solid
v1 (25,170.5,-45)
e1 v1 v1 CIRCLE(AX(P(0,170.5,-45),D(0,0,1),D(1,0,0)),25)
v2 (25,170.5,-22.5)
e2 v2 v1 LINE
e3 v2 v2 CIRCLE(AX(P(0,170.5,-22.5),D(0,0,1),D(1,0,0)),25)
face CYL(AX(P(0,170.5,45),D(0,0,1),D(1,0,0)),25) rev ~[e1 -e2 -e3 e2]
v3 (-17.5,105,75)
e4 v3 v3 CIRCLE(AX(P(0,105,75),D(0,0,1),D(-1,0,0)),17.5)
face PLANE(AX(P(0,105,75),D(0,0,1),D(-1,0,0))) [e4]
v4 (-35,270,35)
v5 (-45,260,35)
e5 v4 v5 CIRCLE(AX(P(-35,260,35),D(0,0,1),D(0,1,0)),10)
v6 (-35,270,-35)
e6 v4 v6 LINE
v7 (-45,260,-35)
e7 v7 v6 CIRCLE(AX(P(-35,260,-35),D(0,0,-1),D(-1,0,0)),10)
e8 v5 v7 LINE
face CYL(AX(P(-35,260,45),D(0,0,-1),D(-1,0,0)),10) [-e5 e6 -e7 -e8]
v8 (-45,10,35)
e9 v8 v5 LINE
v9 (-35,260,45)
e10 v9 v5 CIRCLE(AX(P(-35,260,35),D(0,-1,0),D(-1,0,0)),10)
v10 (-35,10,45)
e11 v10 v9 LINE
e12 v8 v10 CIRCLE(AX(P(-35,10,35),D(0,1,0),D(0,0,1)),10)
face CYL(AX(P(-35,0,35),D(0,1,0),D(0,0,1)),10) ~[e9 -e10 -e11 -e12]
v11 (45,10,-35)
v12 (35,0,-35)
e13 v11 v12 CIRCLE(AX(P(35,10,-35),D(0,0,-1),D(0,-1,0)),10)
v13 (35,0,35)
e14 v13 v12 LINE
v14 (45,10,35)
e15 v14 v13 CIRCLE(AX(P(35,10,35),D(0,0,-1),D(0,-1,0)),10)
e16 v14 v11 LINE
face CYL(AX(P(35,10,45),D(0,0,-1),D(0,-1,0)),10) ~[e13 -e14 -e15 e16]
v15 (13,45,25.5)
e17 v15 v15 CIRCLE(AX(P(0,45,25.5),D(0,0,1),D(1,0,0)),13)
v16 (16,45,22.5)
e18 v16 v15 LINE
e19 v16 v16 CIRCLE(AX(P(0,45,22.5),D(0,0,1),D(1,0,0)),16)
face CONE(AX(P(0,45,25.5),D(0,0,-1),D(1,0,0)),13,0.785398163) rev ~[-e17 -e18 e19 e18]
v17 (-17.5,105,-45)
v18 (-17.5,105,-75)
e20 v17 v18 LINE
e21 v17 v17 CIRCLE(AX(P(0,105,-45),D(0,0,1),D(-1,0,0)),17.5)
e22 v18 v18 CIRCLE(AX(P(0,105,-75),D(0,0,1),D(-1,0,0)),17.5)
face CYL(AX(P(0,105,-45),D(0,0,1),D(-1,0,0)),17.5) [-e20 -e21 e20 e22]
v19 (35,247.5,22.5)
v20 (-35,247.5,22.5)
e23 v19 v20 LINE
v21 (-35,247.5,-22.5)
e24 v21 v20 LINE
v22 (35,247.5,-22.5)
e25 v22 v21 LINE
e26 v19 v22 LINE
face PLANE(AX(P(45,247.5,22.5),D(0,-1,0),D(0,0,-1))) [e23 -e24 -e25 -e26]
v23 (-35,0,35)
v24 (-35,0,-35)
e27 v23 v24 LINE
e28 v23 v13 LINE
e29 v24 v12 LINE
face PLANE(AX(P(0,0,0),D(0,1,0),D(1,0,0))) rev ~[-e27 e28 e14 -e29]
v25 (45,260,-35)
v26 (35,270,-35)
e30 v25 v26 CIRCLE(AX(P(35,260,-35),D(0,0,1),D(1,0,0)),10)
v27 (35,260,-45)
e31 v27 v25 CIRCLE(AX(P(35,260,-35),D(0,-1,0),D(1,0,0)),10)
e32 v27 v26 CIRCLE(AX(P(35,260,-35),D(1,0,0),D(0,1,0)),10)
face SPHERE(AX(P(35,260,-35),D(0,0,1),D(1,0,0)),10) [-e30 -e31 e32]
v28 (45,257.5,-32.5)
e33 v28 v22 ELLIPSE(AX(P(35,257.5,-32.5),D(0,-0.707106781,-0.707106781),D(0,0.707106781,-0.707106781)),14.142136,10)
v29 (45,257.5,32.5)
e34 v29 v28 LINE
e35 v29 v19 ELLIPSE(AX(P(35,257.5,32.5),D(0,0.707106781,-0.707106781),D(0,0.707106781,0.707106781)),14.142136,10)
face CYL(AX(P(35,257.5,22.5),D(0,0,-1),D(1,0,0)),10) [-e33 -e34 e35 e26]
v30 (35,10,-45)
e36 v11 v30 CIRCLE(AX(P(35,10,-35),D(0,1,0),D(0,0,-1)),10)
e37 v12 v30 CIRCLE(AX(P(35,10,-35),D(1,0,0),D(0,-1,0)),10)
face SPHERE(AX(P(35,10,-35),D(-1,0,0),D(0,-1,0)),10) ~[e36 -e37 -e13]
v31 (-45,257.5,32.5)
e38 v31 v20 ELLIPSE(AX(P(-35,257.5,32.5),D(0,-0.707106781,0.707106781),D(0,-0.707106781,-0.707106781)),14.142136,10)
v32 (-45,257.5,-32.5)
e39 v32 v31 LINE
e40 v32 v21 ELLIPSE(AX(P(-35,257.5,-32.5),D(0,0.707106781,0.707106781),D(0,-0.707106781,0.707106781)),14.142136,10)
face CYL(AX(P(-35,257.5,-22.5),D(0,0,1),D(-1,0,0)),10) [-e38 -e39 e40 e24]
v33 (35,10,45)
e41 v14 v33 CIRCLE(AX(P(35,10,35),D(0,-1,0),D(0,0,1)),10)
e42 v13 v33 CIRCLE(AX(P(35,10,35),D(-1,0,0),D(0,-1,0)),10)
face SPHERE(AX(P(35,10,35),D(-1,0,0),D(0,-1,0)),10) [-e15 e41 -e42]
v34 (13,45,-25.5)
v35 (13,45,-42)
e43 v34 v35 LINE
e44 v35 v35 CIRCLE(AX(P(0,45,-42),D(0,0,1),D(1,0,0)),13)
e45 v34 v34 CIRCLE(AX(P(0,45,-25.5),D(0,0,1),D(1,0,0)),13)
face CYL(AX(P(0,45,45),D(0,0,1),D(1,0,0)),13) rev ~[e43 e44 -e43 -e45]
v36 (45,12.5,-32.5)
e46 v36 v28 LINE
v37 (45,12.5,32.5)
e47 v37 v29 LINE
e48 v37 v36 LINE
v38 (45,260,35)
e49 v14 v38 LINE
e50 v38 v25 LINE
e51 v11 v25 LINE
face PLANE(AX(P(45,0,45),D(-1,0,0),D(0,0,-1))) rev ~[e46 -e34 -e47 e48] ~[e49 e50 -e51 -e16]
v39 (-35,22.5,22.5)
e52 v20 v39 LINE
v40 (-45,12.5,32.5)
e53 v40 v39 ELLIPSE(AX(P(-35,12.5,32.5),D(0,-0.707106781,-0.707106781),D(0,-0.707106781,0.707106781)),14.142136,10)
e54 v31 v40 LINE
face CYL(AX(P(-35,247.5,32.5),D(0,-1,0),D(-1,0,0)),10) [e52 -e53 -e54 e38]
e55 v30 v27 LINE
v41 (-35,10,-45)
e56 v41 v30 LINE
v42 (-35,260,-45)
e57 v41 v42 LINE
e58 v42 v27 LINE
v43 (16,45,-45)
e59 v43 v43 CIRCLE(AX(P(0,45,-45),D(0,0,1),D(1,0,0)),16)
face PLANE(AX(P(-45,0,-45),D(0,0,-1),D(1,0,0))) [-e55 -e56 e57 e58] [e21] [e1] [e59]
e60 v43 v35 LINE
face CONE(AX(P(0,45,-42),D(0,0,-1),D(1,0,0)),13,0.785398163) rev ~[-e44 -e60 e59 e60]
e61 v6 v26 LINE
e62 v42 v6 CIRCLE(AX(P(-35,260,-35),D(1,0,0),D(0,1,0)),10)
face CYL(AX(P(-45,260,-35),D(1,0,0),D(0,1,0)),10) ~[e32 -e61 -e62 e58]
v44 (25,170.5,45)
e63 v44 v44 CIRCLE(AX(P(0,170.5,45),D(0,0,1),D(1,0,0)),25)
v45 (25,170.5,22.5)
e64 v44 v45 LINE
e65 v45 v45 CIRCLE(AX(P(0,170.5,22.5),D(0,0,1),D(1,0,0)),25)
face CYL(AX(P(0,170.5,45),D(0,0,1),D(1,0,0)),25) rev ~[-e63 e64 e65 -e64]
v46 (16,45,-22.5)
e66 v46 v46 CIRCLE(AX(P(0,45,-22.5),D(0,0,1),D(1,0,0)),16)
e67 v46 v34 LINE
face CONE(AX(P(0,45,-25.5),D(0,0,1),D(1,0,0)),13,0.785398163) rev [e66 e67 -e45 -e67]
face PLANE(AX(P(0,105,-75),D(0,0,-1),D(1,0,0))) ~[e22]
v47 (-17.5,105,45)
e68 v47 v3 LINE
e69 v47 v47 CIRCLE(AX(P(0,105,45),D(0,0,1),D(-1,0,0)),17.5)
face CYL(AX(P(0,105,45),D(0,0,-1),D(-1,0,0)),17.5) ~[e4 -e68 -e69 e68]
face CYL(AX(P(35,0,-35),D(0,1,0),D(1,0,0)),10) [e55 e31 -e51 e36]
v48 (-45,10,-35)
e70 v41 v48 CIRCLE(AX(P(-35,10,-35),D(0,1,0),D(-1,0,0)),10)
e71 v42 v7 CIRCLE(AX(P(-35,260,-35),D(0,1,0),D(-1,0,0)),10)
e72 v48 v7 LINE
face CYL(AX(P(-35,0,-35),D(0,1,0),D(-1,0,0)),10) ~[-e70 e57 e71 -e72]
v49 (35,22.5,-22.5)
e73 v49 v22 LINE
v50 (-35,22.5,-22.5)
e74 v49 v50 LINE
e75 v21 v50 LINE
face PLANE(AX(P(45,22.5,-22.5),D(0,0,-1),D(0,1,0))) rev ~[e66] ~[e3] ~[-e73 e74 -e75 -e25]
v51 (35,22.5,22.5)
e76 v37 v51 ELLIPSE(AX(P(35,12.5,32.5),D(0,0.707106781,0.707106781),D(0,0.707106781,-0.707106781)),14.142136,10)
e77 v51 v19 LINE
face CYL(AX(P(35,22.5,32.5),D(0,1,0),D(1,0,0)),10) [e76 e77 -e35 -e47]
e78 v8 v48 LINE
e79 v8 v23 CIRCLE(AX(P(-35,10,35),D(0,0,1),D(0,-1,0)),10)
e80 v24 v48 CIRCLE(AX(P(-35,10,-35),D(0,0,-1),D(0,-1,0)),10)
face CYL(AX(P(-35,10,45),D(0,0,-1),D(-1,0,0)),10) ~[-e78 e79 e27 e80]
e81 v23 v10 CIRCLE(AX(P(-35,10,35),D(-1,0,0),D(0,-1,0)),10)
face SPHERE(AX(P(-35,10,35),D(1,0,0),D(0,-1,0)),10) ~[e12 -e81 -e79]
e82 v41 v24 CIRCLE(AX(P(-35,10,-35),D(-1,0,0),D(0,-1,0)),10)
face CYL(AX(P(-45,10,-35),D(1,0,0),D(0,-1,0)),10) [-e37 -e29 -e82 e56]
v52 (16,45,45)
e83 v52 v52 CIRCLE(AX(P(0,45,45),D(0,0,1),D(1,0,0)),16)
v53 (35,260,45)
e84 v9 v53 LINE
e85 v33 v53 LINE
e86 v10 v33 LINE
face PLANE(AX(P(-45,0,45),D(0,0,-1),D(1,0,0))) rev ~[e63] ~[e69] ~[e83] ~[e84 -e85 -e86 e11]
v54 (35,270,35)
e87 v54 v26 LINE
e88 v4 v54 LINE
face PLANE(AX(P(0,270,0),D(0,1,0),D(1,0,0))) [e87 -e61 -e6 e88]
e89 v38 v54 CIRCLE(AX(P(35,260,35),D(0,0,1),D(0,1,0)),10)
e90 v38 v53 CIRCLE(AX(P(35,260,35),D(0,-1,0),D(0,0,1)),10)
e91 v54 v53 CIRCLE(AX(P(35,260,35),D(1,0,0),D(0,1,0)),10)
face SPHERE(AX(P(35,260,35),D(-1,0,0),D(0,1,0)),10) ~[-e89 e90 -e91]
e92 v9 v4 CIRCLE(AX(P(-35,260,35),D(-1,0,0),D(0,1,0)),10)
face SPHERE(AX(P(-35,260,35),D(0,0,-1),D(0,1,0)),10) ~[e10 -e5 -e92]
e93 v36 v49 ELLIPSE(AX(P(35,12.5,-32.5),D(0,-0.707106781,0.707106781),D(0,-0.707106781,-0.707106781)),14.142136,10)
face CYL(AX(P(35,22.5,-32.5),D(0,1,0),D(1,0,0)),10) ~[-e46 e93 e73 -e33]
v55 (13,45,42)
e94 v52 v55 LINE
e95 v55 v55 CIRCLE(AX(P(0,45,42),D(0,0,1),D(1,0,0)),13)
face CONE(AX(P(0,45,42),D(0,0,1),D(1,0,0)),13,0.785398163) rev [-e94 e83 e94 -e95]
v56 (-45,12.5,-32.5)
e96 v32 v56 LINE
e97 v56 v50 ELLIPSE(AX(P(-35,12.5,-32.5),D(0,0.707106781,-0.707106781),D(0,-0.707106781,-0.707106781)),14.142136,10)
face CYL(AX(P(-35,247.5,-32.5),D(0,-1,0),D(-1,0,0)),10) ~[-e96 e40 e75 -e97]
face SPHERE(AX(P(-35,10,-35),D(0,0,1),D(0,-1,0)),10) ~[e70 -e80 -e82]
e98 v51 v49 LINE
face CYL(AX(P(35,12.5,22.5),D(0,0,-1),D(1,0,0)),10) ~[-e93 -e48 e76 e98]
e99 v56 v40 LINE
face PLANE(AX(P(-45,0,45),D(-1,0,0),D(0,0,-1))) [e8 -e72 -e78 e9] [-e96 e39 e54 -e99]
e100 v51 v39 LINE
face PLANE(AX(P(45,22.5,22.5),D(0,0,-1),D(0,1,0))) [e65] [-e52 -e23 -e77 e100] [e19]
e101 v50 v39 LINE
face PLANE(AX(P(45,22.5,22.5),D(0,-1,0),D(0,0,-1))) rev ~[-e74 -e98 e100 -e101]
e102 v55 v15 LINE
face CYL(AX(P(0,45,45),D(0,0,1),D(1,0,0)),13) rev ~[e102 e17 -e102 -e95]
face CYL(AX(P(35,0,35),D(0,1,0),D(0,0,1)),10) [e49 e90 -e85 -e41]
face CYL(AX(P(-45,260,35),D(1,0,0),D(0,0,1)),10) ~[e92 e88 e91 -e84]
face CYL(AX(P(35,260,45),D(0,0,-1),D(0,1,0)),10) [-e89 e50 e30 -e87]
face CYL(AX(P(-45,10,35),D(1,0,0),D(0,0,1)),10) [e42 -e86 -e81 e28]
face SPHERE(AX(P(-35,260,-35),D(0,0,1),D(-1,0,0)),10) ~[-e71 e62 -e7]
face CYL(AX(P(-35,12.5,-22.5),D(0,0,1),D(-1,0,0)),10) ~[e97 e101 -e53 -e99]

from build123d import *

# Parameters (mm, degrees)
SKETCH2_W              = 90
SKETCH2_H              = 90
BOSS_EXTRUDE1_DEPTH    = 270
SKETCH3_W              = 45
SKETCH3_H              = 225
CUT_EXTRUDE1_DEPTH     = 289.140590684
SKETCH4_R              = 25
CRANK_SHAFT_HOLE_DEPTH = 90
SKETCH5_R              = 13
CUT_EXTRUDE3_DEPTH     = 90
CHAMFER1_SIZE          = 3
SKETCH6_R              = 17.5
BOSS_EXTRUDE2_DEPTH    = 30
FILLET1_R              = 10


with BuildPart() as part:
    # Sketch2 → Boss-Extrude1 (new body)
    with BuildSketch(Plane(origin=(0, 0, 0), x_dir=(1, 0, 0), z_dir=(0, 1, 0))):
        Rectangle(SKETCH2_W, SKETCH2_H)
    extrude(amount=BOSS_EXTRUDE1_DEPTH)

    # Sketch3 → Cut-Extrude1 (cut, through all)
    with BuildSketch(Plane(origin=(45, 0, 0), x_dir=(0, 0, -1), z_dir=(1, 0, 0))):
        with Locations((0, 135)):
            Rectangle(SKETCH3_W, SKETCH3_H)
    extrude(amount=-CUT_EXTRUDE1_DEPTH, mode=Mode.SUBTRACT)

    # Sketch4 → Crank shaft hole (cut)
    with BuildSketch(Plane.XY.offset(45)):
        with Locations((0, 170.5)):
            Circle(SKETCH4_R)
    extrude(amount=-CRANK_SHAFT_HOLE_DEPTH, mode=Mode.SUBTRACT)

    # Sketch5 → Cut-Extrude3 (cut)
    with BuildSketch(Plane.XY.offset(45)):
        with Locations((0, 45)):
            Circle(SKETCH5_R)
    extrude(amount=-CUT_EXTRUDE3_DEPTH, mode=Mode.SUBTRACT)

    # Chamfer1
    chamfer1_edges = [part.edges().sort_by_distance(p)[0] for p in [
        (-13, 45, 22.5),
        (-13, 45, -45),
        (-13, 45, -22.5),
        (-13, 45, 45),
    ]]
    chamfer(chamfer1_edges, length=CHAMFER1_SIZE)

    # Sketch6 → Boss-Extrude2 (add)
    with BuildSketch(Plane.XY.offset(45)):
        with Locations(Location((0, 105, 0), (0, 0, 180))):
            Circle(SKETCH6_R)
    boss_extrude2 = extrude(amount=BOSS_EXTRUDE2_DEPTH)

    # Mirror1: Boss-Extrude2 across plane
    add(boss_extrude2.mirror(Plane.XY))

    # Fillet1
    fillet1_edges = [part.edges().sort_by_distance(p)[0] for p in [
        (-45, 270, 0),
        (0, 270, 45),
        (-45, 135, 22.5),
        (-45, 247.5, 0),
        (-45, 135, -22.5),
        (-45, 22.5, 0),
        (45, 135, 22.5),
        (45, 22.5, 0),
        (45, 135, -22.5),
        (45, 247.5, 0),
        (45, 270, 0),
        (0, 0, 45),
        (-45, 0, 0),
        (0, 0, -45),
        (45, 0, 0),
        (45, 135, 45),
        (-45, 135, 45),
        (-45, 135, -45),
        (45, 135, -45),
        (0, 270, -45),
    ]]
    fillet(fillet1_edges, radius=FILLET1_R)


solid = part.part
